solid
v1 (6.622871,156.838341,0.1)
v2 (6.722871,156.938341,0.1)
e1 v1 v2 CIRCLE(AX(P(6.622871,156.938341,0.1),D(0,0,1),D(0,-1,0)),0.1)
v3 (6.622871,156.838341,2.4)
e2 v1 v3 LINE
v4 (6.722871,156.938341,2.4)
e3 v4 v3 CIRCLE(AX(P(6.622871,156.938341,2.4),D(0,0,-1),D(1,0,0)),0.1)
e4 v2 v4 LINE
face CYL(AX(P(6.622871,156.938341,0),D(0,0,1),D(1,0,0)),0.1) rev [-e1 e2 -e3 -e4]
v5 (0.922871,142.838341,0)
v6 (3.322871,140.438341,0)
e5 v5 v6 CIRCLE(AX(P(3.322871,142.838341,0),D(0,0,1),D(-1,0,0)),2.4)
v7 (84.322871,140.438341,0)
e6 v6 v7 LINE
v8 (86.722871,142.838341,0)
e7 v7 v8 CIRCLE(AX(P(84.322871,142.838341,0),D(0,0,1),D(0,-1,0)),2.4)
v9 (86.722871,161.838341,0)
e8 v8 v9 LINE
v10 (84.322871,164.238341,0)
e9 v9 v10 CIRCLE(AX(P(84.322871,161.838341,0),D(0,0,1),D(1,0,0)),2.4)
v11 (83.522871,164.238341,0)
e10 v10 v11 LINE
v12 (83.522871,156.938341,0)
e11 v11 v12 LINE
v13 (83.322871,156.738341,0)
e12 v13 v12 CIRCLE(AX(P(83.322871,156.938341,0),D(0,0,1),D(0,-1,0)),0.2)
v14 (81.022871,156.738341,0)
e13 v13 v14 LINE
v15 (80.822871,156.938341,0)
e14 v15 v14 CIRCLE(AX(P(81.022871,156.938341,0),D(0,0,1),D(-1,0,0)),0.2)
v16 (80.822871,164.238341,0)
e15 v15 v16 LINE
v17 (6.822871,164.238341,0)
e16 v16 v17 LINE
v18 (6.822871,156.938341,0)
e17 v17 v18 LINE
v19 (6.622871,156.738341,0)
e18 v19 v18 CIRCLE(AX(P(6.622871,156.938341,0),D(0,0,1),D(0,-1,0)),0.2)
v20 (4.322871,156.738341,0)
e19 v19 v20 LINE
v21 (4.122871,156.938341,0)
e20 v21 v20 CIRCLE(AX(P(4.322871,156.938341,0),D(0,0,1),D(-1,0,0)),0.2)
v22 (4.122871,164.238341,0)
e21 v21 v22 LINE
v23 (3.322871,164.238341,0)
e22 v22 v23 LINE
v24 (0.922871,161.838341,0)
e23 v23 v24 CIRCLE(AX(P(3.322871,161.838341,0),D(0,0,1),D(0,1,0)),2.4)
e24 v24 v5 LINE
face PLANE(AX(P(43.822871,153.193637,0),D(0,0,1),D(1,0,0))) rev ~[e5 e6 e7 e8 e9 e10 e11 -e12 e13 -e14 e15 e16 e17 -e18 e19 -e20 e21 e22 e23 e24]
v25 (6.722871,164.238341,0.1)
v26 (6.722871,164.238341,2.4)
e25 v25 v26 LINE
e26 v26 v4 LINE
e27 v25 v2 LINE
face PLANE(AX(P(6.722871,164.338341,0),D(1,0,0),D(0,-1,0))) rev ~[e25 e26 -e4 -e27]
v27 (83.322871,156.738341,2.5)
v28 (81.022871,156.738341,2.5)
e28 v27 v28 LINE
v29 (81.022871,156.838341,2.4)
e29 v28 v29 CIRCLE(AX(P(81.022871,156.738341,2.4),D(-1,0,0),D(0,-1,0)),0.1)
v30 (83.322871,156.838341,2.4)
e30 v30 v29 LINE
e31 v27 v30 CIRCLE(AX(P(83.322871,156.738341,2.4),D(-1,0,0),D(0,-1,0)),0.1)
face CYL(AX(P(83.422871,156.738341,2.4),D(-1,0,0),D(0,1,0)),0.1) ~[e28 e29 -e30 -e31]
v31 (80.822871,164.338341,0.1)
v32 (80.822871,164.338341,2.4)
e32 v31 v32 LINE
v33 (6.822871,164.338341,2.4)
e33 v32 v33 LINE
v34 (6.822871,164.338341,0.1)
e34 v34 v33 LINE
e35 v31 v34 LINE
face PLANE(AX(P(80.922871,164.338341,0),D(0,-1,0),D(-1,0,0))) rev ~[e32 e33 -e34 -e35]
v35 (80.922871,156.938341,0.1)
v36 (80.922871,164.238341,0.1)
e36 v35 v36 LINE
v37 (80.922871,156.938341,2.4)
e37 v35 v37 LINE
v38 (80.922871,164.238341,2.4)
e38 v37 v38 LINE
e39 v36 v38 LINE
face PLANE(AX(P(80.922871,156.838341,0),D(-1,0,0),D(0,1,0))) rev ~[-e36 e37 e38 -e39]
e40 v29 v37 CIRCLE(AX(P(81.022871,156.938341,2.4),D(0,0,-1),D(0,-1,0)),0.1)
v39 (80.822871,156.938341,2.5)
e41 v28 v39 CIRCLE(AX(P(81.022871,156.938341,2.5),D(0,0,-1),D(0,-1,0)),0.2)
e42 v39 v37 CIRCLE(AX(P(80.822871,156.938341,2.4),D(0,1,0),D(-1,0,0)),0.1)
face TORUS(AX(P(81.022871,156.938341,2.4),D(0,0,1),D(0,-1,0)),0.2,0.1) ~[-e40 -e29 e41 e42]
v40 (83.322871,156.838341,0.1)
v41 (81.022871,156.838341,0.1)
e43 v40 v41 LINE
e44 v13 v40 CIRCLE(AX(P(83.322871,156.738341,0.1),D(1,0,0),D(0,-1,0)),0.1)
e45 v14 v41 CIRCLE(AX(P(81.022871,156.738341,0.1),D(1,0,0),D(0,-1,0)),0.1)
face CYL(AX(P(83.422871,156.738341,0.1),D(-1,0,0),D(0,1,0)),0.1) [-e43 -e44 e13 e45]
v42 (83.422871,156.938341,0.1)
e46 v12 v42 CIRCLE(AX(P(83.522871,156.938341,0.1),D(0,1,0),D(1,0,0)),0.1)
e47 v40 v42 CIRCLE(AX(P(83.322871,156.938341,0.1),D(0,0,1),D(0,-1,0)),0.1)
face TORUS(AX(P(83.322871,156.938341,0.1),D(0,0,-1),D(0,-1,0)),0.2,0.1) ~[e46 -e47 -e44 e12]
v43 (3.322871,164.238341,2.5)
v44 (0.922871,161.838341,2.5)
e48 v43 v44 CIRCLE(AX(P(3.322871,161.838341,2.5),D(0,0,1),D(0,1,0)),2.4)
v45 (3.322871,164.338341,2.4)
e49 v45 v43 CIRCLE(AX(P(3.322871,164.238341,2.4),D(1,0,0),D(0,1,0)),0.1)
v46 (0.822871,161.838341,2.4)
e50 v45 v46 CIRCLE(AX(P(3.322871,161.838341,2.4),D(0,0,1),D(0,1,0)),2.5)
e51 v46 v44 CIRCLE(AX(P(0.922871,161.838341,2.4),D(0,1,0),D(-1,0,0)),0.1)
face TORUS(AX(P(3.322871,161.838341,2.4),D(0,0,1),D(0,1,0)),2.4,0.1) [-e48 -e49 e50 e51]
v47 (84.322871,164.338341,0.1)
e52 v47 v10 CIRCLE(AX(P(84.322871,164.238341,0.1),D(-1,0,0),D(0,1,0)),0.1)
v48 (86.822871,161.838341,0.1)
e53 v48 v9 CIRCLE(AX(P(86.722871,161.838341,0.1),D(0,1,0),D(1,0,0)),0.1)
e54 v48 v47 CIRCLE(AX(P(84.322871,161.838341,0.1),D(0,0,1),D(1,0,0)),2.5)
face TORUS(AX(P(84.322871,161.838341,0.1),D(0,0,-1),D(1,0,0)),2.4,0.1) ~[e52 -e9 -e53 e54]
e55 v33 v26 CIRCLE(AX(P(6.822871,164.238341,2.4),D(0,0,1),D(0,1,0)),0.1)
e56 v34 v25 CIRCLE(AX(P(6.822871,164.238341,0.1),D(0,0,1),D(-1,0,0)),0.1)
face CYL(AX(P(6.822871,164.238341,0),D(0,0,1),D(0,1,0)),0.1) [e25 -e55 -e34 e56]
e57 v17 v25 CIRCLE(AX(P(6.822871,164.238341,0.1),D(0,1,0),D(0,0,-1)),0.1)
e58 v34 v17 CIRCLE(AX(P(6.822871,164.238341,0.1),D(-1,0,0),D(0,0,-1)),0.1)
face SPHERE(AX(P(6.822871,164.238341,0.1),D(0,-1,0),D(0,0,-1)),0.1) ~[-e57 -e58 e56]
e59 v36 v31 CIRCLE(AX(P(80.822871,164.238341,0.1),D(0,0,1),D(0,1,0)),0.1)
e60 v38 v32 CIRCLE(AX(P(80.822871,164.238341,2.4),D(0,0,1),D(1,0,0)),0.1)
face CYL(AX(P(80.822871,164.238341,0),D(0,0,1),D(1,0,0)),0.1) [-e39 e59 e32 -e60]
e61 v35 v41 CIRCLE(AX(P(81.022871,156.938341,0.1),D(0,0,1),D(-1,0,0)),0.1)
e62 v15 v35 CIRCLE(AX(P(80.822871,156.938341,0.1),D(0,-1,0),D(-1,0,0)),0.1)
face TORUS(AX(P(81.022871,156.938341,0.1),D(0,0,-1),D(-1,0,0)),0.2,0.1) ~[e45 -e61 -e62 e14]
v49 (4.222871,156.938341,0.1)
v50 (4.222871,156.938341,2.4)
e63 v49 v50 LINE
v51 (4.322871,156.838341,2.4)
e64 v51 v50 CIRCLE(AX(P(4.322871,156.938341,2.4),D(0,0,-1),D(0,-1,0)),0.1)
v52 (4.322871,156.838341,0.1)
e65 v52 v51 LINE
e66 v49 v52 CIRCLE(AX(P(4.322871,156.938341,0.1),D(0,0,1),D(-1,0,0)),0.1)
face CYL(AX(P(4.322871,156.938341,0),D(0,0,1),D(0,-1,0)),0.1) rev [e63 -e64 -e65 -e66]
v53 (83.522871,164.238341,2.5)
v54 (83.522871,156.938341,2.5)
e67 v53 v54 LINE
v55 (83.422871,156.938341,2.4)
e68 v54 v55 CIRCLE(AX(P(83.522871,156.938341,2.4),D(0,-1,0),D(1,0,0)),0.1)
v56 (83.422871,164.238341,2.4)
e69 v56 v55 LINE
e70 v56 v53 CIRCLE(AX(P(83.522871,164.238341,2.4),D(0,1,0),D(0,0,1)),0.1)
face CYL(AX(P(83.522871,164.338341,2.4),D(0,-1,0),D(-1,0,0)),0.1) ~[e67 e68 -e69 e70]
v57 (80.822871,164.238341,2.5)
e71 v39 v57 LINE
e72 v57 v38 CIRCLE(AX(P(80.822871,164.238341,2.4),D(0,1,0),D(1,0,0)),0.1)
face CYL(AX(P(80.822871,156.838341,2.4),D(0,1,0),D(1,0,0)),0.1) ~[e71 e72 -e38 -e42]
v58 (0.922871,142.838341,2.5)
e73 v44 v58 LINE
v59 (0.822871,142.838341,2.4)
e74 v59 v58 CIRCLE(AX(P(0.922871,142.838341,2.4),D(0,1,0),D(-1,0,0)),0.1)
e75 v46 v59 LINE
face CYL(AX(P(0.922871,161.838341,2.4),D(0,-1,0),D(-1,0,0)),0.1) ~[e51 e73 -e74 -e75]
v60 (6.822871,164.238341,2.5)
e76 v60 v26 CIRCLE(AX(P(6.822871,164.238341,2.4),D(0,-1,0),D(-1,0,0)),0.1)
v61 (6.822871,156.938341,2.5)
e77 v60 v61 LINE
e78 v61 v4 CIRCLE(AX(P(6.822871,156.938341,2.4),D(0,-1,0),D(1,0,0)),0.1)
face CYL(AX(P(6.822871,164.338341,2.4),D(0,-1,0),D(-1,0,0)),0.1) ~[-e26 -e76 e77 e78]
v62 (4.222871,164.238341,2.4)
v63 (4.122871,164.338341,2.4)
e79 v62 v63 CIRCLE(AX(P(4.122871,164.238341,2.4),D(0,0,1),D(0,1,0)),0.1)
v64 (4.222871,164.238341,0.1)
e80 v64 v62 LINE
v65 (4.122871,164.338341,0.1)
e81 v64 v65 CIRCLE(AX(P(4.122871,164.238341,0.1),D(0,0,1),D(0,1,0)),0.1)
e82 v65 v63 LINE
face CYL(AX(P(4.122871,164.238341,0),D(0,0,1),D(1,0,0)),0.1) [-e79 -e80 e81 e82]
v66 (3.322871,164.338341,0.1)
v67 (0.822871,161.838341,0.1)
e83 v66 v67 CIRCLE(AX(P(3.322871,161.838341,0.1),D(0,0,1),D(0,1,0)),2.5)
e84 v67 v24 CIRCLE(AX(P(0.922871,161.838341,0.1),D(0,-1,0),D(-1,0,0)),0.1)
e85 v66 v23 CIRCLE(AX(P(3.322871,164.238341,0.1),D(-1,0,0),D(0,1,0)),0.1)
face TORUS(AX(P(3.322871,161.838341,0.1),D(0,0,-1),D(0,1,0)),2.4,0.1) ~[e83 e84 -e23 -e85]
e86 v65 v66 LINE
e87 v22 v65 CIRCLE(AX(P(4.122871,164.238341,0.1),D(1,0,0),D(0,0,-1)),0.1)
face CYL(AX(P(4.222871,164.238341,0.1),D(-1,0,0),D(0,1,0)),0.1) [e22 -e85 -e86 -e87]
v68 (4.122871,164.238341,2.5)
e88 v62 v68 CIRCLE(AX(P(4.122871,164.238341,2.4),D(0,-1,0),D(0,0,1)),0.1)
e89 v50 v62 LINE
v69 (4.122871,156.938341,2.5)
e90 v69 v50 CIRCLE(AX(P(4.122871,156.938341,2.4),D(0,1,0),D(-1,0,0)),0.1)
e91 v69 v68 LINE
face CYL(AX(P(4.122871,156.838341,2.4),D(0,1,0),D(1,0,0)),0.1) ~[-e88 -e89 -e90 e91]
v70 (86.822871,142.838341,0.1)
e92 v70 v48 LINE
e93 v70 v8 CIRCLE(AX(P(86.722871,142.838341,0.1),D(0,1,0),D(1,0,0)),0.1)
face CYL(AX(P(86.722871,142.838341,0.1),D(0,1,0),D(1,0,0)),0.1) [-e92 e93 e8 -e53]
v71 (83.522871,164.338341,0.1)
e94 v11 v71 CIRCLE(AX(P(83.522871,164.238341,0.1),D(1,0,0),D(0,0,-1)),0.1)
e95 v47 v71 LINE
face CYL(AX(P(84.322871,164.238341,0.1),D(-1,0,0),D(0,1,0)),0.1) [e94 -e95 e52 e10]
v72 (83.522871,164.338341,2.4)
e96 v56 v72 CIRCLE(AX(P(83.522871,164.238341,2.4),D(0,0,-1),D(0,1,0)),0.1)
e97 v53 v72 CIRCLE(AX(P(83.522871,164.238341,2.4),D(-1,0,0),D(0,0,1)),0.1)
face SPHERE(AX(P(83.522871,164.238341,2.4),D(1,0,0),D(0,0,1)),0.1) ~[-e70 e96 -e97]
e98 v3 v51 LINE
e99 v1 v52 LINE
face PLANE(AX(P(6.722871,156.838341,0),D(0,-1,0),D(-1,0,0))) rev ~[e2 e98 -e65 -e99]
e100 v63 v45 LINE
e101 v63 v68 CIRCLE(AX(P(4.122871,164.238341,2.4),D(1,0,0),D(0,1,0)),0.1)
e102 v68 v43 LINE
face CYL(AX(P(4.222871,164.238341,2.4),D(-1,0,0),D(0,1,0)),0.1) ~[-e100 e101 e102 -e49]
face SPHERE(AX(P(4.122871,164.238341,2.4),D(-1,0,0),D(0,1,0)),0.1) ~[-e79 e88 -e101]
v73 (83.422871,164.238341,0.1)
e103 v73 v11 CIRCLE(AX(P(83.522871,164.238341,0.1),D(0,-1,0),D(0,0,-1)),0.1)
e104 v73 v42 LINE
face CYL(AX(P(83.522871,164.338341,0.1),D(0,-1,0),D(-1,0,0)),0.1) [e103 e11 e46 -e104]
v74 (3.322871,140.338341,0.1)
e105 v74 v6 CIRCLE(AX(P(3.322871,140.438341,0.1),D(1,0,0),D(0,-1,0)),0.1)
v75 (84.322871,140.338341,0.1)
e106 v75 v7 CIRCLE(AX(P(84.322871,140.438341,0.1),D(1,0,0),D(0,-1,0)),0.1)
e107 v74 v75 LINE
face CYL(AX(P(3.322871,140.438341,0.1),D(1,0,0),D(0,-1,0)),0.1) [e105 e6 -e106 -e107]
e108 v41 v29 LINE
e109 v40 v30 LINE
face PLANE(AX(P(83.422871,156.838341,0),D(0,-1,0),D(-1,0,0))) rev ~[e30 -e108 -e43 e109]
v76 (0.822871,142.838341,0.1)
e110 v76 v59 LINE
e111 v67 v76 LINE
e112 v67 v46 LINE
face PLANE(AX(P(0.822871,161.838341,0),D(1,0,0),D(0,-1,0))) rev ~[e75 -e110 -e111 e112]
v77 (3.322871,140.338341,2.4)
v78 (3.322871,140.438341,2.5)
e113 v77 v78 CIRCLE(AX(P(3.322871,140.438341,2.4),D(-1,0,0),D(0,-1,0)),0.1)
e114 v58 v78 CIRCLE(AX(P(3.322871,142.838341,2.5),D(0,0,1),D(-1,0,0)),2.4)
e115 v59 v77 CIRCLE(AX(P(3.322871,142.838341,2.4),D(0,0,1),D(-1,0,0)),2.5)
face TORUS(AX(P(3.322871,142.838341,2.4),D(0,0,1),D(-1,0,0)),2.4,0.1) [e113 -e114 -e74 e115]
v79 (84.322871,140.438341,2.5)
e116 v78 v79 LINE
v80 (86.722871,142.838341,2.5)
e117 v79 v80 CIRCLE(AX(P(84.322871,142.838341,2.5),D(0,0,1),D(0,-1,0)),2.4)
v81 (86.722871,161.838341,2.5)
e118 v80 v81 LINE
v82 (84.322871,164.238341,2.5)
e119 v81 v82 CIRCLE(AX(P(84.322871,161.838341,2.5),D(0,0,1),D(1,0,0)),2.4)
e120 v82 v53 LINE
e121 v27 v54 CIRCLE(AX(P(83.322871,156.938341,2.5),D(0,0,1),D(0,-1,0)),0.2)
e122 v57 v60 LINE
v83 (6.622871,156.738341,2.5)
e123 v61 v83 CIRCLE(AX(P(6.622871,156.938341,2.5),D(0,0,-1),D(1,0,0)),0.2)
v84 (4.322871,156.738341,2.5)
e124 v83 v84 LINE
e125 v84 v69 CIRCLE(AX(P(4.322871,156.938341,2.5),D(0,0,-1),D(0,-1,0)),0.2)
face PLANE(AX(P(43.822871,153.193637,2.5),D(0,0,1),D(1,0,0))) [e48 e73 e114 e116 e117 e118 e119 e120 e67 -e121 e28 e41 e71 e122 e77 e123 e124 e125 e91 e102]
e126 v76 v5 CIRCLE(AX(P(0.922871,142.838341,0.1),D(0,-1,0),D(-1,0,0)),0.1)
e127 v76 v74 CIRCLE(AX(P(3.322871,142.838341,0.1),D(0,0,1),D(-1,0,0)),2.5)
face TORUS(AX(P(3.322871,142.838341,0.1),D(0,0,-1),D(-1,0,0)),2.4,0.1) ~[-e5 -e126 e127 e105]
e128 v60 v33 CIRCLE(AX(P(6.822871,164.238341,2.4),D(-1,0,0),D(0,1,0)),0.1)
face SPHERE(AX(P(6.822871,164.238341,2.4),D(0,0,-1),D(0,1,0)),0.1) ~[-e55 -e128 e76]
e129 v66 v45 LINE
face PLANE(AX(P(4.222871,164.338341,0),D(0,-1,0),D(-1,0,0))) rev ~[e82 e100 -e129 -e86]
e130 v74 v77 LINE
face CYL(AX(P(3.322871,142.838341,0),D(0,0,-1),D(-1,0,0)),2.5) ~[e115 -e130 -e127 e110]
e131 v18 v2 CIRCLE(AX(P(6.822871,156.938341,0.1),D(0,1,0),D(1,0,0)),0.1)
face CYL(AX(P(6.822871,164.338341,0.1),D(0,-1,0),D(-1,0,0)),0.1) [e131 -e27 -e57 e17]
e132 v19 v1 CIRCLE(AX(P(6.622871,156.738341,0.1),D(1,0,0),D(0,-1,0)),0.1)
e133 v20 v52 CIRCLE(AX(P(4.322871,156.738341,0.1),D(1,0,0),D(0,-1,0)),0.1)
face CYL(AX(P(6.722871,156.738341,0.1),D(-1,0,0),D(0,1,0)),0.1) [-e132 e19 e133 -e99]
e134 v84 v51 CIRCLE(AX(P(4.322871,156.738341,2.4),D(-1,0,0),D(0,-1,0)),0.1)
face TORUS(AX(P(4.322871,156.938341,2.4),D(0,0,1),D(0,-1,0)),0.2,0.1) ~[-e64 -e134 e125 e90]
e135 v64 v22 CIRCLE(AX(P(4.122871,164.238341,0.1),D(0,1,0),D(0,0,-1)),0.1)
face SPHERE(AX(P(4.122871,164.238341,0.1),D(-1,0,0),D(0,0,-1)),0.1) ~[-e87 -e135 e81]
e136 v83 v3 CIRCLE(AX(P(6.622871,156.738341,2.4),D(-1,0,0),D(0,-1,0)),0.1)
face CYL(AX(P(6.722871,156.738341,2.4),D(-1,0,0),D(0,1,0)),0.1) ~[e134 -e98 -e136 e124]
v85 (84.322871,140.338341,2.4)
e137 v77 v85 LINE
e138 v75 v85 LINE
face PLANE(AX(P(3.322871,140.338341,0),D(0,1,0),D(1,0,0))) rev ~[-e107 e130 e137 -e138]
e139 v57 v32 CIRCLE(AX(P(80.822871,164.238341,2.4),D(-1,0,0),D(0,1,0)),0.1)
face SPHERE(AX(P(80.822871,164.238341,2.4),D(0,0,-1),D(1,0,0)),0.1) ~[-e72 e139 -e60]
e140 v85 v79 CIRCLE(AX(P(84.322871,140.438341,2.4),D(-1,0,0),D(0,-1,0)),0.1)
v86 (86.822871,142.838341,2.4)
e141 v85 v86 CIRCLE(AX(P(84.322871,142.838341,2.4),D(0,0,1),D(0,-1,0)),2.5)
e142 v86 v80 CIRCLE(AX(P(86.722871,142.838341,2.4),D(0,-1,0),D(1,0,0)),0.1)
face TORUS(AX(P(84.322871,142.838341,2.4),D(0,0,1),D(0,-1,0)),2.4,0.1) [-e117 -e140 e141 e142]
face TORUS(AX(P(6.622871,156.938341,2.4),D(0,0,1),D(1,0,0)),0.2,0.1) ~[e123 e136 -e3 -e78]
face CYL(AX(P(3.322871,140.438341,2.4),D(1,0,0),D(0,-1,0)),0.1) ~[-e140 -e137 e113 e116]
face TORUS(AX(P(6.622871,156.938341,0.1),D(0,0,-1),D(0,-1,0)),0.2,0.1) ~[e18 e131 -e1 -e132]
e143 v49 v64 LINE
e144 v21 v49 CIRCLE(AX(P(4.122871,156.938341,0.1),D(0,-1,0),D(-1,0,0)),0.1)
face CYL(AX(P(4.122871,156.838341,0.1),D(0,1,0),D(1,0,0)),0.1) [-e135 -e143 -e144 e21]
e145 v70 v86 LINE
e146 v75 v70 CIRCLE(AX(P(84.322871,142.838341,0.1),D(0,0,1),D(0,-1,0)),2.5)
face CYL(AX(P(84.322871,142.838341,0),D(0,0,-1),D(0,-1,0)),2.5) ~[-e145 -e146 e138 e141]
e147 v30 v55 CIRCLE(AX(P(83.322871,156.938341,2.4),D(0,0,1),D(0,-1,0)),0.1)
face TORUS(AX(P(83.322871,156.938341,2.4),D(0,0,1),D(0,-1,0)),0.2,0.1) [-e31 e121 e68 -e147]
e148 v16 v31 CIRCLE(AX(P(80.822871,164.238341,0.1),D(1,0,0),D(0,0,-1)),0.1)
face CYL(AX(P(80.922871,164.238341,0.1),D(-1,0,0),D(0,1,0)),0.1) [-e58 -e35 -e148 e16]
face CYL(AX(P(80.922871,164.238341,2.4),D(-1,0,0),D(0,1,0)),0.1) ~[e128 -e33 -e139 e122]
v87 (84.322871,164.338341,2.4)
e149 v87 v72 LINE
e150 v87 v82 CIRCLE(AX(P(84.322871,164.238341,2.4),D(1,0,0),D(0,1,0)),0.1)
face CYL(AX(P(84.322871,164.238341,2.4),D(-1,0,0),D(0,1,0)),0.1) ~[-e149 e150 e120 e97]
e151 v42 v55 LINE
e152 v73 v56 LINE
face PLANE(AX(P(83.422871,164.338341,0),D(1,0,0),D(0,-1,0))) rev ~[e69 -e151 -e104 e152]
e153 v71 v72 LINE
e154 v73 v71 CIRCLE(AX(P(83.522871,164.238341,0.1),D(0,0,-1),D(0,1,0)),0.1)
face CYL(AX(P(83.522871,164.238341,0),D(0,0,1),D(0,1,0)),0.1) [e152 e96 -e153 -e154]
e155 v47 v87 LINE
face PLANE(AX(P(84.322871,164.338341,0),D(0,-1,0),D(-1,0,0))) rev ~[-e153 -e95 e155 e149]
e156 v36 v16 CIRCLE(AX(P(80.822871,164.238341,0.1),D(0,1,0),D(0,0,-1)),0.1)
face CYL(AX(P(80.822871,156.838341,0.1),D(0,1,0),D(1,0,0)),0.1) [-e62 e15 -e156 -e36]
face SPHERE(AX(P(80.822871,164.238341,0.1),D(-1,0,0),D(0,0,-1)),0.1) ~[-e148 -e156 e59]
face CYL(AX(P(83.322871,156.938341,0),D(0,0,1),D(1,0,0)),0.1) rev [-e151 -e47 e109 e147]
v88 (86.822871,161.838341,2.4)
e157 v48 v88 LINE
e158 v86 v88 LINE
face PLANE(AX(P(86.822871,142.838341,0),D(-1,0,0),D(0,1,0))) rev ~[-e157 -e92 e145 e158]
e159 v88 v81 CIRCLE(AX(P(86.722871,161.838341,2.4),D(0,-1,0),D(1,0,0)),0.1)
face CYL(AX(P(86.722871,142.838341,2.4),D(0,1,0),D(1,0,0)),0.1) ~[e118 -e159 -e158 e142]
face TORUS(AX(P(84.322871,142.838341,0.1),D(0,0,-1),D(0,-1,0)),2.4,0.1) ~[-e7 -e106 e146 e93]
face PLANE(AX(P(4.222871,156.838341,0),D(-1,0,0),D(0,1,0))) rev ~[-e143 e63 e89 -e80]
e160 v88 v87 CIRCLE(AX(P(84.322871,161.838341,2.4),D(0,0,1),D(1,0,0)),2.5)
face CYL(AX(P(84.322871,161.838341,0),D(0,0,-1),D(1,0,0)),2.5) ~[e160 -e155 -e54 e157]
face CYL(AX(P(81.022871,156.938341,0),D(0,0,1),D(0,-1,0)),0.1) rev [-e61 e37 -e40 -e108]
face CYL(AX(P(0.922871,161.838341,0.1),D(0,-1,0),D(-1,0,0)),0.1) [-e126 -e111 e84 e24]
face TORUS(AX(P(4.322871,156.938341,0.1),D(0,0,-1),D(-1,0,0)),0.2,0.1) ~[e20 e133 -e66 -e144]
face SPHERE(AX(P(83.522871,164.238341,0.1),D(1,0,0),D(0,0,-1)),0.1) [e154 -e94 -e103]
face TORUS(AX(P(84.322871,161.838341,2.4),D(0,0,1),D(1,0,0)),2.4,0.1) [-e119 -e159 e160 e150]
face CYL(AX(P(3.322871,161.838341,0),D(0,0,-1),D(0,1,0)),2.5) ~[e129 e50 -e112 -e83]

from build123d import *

# Parameters (mm, degrees)
RESSALTO_EXTRUS_O1_DEPTH = 2.5
FILETE1_R                = 0.1


with BuildPart() as part:
    # Esboço1 → Ressalto-extrusão1 (new body)
    with BuildSketch(Plane.XY):
        with BuildLine():
            ThreePointArc((0.822871292, 142.838341472), (1.555104339, 141.070574519), (3.322871292, 140.338341472))
            Line((3.322871292, 140.338341472), (84.322871292, 140.338341472))
            ThreePointArc((84.322871292, 140.338341472), (86.090638245, 141.070574519), (86.822871292, 142.838341472))
            Line((86.822871292, 142.838341472), (86.822871292, 161.838341472))
            ThreePointArc((86.822871292, 161.838341472), (86.090638245, 163.606108425), (84.322871292, 164.338341472))
            Line((84.322871292, 164.338341472), (83.422871292, 164.338341472))
            Line((83.422871292, 164.338341472), (83.422871292, 156.838341472))
            Line((83.422871292, 156.838341472), (80.922871292, 156.838341472))
            Line((80.922871292, 156.838341472), (80.922871292, 164.338341472))
            Line((80.922871292, 164.338341472), (6.722871292, 164.338341472))
            Line((6.722871292, 164.338341472), (6.722871292, 156.838341472))
            Line((6.722871292, 156.838341472), (4.222871292, 156.838341472))
            Line((4.222871292, 156.838341472), (4.222871292, 164.338341472))
            Line((4.222871292, 164.338341472), (3.322871292, 164.338341472))
            ThreePointArc((3.322871292, 164.338341472), (1.555104339, 163.606108425), (0.822871292, 161.838341472))
            Line((0.822871292, 161.838341472), (0.822871292, 142.838341472))
        make_face()
    extrude(amount=RESSALTO_EXTRUS_O1_DEPTH)

    # Filete1
    filete1_edges = [part.edges().sort_by_distance(p)[0] for p in [
        (86.090638245, 141.070574519, 2.5),
        (0.822871292, 152.338341472, 0),
        (1.555104339, 163.606108425, 0),
        (3.772871292, 164.338341472, 0),
        (86.822871292, 152.338341472, 2.5),
        (4.222871292, 160.588341472, 0),
        (5.472871292, 156.838341472, 0),
        (6.722871292, 160.588341472, 0),
        (43.822871292, 164.338341472, 0),
        (80.922871292, 160.588341472, 0),
        (82.172871292, 156.838341472, 0),
        (83.422871292, 160.588341472, 0),
        (83.872871292, 164.338341472, 0),
        (86.090638245, 163.606108425, 2.5),
        (86.090638245, 163.606108425, 0),
        (86.822871292, 152.338341472, 0),
        (86.090638245, 141.070574519, 0),
        (43.822871292, 140.338341472, 0),
        (1.555104339, 141.070574519, 0),
        (83.872871292, 164.338341472, 2.5),
        (4.222871292, 164.338341472, 1.25),
        (4.222871292, 156.838341472, 1.25),
        (83.422871292, 160.588341472, 2.5),
        (6.722871292, 156.838341472, 1.25),
        (6.722871292, 164.338341472, 1.25),
        (80.922871292, 164.338341472, 1.25),
        (80.922871292, 156.838341472, 1.25),
        (83.422871292, 156.838341472, 1.25),
        (83.422871292, 164.338341472, 1.25),
        (82.172871292, 156.838341472, 2.5),
        (80.922871292, 160.588341472, 2.5),
        (43.822871292, 164.338341472, 2.5),
        (6.722871292, 160.588341472, 2.5),
        (5.472871292, 156.838341472, 2.5),
        (1.555104339, 141.070574519, 2.5),
        (4.222871292, 160.588341472, 2.5),
        (3.772871292, 164.338341472, 2.5),
        (1.555104339, 163.606108425, 2.5),
        (0.822871292, 152.338341472, 2.5),
        (43.822871292, 140.338341472, 2.5),
    ]]
    fillet(filete1_edges, radius=FILETE1_R)


solid = part.part
